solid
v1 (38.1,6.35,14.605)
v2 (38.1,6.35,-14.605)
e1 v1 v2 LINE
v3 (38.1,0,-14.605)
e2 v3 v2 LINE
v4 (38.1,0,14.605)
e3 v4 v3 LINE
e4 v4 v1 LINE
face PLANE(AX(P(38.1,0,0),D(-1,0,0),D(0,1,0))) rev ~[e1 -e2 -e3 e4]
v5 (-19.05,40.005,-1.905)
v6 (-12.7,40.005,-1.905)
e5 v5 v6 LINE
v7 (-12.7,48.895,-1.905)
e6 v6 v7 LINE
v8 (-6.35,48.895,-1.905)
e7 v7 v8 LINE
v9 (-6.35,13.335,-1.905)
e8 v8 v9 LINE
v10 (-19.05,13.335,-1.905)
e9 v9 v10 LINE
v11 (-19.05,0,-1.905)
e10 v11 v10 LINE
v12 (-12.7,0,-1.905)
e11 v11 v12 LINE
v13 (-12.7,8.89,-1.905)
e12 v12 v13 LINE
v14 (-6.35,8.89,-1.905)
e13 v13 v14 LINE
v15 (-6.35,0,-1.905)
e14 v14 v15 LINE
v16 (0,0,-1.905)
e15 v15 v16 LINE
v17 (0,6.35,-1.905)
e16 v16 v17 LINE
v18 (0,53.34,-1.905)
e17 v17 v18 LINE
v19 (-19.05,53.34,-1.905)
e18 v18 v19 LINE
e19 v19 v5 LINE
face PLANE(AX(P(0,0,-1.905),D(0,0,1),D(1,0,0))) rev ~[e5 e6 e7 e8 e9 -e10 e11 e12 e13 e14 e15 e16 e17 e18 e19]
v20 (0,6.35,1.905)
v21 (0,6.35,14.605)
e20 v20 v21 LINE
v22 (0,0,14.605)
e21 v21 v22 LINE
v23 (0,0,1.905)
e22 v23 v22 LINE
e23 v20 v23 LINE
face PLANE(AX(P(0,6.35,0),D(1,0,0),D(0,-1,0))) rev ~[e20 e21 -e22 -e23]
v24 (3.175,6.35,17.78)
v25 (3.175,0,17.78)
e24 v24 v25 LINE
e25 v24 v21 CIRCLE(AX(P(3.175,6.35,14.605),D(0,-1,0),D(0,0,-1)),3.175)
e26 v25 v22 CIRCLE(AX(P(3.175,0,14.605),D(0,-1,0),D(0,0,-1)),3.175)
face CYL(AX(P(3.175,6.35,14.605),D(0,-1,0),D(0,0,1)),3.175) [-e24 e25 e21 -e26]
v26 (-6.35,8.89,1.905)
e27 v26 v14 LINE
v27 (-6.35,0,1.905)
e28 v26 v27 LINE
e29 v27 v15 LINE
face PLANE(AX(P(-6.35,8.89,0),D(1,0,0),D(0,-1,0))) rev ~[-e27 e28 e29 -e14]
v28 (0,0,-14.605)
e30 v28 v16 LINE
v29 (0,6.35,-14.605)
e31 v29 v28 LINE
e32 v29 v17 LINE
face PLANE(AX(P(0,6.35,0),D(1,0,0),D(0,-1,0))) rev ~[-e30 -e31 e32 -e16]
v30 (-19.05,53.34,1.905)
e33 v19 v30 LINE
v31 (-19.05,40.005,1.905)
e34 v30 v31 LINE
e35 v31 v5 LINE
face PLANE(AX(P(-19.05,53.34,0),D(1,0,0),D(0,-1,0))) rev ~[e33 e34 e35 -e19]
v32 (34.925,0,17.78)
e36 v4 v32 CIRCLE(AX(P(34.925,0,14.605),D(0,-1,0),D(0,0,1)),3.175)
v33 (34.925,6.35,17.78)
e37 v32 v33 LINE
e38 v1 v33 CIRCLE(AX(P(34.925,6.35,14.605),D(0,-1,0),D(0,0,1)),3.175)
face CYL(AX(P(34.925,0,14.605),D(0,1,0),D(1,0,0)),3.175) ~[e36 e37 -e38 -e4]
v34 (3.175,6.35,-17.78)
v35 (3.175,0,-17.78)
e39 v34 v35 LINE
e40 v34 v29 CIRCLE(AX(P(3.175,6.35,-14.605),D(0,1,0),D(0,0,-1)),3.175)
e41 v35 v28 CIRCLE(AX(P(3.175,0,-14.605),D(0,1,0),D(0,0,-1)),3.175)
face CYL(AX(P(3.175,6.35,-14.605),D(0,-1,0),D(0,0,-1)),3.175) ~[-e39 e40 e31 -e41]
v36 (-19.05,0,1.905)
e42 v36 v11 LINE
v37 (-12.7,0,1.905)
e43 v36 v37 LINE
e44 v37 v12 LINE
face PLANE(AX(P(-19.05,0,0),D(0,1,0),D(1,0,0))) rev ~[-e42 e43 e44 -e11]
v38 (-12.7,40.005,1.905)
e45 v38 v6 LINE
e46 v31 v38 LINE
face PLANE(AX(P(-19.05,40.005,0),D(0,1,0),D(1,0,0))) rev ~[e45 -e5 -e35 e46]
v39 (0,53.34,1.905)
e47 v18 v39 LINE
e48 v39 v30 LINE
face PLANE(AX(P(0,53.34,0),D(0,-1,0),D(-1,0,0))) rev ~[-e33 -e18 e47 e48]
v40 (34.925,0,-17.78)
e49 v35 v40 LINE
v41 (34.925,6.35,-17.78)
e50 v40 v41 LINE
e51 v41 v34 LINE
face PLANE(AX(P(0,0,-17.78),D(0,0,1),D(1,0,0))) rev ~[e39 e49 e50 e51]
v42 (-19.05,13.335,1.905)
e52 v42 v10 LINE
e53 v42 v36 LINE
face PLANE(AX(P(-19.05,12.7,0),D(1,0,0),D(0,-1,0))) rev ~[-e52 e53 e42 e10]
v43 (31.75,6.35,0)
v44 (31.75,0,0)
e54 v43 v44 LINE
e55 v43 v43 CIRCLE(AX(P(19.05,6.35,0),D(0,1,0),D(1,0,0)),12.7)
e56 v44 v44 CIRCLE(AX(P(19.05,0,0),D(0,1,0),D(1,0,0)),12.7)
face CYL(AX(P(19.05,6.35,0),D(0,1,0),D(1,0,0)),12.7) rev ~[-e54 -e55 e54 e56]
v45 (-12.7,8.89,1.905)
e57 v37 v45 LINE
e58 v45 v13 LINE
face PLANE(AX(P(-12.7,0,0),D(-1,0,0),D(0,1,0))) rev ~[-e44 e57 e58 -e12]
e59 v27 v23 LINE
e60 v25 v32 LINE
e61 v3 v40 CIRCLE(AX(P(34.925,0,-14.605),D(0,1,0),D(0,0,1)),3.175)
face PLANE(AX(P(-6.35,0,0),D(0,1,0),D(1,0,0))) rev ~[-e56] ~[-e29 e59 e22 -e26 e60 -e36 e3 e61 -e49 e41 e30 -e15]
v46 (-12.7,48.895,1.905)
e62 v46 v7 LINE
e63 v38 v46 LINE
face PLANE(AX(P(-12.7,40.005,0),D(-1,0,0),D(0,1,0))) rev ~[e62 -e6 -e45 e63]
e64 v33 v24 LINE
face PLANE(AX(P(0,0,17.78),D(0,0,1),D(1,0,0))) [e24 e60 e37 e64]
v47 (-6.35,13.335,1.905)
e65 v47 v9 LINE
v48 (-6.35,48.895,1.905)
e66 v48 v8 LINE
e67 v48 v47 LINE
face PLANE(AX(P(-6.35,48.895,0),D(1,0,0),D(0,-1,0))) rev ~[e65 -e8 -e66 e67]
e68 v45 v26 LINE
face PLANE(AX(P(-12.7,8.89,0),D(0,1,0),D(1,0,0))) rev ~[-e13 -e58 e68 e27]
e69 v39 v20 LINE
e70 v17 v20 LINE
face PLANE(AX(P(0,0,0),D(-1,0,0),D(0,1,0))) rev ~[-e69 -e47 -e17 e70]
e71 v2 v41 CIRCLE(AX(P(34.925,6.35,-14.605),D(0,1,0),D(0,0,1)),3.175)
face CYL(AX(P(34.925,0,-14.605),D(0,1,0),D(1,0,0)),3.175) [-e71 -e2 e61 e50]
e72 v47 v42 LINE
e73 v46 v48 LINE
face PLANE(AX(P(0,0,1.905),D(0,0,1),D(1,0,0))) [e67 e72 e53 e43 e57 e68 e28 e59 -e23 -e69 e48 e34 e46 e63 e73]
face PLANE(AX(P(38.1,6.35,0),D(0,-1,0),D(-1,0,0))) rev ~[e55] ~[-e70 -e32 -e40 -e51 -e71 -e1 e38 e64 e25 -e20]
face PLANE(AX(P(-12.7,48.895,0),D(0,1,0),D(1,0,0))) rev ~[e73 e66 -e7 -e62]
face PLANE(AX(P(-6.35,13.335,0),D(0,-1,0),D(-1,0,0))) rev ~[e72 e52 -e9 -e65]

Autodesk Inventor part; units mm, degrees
ref_plane "YZ Plane" through (0, 0, 0) normal (1, 0, 0) x (0, 1, 0)
ref_plane "XZ Plane" through (0, 0, 0) normal (0, 1, 0) x (-1, 0, 0)
ref_plane "XY Plane" through (0, 0, 0) normal (0, 0, 1) x (1, 0, 0)
sketch "Sketch1" plane through (0, 0, 0) normal (0, 0, 1) x (1, 0, 0)
  line L0 (0, 6.35) -> (0, 53.34)
  line L1 (0, 53.34) -> (-19.05, 53.34)
  line L2 (-19.05, 53.34) -> (-19.05, 55.245)
  line L3 (-12.7, 48.895) -> (-6.35, 48.895)
  line L4 (-6.35, 48.895) -> (-6.35, 13.335)
  line L5 (-6.35, 13.335) -> (-19.05, 13.335)
  line L6 (-19.05, 13.335) -> (-19.05, 12.7)
  line L7 (-12.7, 8.89) -> (-6.35, 8.89)
  line L8 (-6.35, 8.89) -> (-6.35, 0)
  line L9 (-6.35, 0) -> (0, 0)
  line L10 (-19.05, 55.245) -> (-19.05, 40.005)
  line L11 (-19.05, 40.005) -> (-12.7, 40.005)
  line L12 (-12.7, 40.005) -> (-12.7, 48.895)
  line L13 (-19.05, 12.7) -> (-19.05, 0)
  line L14 (-19.05, 0) -> (-12.7, 0)
  line L15 (-12.7, 0) -> (-12.7, 8.89)
  line L16 (0, 0) -> (0, 6.35)
  point P0 (-19.05, 53.34)
  point P1 (-19.05, 11.43)
  dimension "d1" = 35.56
  dimension "d2" = 4.445
  dimension "d3" = 4.445
  dimension "d4" = 6.35
  dimension "d6" = 6.35
  dimension "d7" = 6.35
  dimension "d13" = 13.335
  dimension "d14" = 13.335
extrude "Extrusion1" add sketch "Sketch1" along normal mid plane 3.81
sketch "Sketch2" plane through (0, 0, 0) normal (0, 0, 1) x (1, 0, 0)
  line L0 (0, 53.34) -> (0, 0) projected
  line L1 (0, 0) -> (38.1, 0)
  line L2 (38.1, 0) -> (38.1, 6.35)
  line L3 (38.1, 6.35) -> (0, 6.35)
  dimension "d15" = 38.1
  dimension "d16" = 6.35
extrude "Extrusion2" add sketch "Sketch2" along normal mid plane 35.56
sketch "Sketch3" plane through (0, 6.35, 17.78) normal (0, 1, 0) x (1, 0, 0)
  circle A0 centre (19.05, 17.78) radius 12.7
  point P0 (0, 17.78)
  dimension "d19" = 25.4
extrude "Extrusion3" cut sketch "Sketch3" against normal through all
fillet "Fillet1" radius 3.175 4 edges at (38.1, 3.175, 17.78) (38.1, 3.175, -17.78) (0, 3.175, -17.78) (0, 3.175, 17.78)
equation "\"d11\" = width"
equation "\"width\" = 3.81"
properties part number "round_1_0_inchHoleV01"
